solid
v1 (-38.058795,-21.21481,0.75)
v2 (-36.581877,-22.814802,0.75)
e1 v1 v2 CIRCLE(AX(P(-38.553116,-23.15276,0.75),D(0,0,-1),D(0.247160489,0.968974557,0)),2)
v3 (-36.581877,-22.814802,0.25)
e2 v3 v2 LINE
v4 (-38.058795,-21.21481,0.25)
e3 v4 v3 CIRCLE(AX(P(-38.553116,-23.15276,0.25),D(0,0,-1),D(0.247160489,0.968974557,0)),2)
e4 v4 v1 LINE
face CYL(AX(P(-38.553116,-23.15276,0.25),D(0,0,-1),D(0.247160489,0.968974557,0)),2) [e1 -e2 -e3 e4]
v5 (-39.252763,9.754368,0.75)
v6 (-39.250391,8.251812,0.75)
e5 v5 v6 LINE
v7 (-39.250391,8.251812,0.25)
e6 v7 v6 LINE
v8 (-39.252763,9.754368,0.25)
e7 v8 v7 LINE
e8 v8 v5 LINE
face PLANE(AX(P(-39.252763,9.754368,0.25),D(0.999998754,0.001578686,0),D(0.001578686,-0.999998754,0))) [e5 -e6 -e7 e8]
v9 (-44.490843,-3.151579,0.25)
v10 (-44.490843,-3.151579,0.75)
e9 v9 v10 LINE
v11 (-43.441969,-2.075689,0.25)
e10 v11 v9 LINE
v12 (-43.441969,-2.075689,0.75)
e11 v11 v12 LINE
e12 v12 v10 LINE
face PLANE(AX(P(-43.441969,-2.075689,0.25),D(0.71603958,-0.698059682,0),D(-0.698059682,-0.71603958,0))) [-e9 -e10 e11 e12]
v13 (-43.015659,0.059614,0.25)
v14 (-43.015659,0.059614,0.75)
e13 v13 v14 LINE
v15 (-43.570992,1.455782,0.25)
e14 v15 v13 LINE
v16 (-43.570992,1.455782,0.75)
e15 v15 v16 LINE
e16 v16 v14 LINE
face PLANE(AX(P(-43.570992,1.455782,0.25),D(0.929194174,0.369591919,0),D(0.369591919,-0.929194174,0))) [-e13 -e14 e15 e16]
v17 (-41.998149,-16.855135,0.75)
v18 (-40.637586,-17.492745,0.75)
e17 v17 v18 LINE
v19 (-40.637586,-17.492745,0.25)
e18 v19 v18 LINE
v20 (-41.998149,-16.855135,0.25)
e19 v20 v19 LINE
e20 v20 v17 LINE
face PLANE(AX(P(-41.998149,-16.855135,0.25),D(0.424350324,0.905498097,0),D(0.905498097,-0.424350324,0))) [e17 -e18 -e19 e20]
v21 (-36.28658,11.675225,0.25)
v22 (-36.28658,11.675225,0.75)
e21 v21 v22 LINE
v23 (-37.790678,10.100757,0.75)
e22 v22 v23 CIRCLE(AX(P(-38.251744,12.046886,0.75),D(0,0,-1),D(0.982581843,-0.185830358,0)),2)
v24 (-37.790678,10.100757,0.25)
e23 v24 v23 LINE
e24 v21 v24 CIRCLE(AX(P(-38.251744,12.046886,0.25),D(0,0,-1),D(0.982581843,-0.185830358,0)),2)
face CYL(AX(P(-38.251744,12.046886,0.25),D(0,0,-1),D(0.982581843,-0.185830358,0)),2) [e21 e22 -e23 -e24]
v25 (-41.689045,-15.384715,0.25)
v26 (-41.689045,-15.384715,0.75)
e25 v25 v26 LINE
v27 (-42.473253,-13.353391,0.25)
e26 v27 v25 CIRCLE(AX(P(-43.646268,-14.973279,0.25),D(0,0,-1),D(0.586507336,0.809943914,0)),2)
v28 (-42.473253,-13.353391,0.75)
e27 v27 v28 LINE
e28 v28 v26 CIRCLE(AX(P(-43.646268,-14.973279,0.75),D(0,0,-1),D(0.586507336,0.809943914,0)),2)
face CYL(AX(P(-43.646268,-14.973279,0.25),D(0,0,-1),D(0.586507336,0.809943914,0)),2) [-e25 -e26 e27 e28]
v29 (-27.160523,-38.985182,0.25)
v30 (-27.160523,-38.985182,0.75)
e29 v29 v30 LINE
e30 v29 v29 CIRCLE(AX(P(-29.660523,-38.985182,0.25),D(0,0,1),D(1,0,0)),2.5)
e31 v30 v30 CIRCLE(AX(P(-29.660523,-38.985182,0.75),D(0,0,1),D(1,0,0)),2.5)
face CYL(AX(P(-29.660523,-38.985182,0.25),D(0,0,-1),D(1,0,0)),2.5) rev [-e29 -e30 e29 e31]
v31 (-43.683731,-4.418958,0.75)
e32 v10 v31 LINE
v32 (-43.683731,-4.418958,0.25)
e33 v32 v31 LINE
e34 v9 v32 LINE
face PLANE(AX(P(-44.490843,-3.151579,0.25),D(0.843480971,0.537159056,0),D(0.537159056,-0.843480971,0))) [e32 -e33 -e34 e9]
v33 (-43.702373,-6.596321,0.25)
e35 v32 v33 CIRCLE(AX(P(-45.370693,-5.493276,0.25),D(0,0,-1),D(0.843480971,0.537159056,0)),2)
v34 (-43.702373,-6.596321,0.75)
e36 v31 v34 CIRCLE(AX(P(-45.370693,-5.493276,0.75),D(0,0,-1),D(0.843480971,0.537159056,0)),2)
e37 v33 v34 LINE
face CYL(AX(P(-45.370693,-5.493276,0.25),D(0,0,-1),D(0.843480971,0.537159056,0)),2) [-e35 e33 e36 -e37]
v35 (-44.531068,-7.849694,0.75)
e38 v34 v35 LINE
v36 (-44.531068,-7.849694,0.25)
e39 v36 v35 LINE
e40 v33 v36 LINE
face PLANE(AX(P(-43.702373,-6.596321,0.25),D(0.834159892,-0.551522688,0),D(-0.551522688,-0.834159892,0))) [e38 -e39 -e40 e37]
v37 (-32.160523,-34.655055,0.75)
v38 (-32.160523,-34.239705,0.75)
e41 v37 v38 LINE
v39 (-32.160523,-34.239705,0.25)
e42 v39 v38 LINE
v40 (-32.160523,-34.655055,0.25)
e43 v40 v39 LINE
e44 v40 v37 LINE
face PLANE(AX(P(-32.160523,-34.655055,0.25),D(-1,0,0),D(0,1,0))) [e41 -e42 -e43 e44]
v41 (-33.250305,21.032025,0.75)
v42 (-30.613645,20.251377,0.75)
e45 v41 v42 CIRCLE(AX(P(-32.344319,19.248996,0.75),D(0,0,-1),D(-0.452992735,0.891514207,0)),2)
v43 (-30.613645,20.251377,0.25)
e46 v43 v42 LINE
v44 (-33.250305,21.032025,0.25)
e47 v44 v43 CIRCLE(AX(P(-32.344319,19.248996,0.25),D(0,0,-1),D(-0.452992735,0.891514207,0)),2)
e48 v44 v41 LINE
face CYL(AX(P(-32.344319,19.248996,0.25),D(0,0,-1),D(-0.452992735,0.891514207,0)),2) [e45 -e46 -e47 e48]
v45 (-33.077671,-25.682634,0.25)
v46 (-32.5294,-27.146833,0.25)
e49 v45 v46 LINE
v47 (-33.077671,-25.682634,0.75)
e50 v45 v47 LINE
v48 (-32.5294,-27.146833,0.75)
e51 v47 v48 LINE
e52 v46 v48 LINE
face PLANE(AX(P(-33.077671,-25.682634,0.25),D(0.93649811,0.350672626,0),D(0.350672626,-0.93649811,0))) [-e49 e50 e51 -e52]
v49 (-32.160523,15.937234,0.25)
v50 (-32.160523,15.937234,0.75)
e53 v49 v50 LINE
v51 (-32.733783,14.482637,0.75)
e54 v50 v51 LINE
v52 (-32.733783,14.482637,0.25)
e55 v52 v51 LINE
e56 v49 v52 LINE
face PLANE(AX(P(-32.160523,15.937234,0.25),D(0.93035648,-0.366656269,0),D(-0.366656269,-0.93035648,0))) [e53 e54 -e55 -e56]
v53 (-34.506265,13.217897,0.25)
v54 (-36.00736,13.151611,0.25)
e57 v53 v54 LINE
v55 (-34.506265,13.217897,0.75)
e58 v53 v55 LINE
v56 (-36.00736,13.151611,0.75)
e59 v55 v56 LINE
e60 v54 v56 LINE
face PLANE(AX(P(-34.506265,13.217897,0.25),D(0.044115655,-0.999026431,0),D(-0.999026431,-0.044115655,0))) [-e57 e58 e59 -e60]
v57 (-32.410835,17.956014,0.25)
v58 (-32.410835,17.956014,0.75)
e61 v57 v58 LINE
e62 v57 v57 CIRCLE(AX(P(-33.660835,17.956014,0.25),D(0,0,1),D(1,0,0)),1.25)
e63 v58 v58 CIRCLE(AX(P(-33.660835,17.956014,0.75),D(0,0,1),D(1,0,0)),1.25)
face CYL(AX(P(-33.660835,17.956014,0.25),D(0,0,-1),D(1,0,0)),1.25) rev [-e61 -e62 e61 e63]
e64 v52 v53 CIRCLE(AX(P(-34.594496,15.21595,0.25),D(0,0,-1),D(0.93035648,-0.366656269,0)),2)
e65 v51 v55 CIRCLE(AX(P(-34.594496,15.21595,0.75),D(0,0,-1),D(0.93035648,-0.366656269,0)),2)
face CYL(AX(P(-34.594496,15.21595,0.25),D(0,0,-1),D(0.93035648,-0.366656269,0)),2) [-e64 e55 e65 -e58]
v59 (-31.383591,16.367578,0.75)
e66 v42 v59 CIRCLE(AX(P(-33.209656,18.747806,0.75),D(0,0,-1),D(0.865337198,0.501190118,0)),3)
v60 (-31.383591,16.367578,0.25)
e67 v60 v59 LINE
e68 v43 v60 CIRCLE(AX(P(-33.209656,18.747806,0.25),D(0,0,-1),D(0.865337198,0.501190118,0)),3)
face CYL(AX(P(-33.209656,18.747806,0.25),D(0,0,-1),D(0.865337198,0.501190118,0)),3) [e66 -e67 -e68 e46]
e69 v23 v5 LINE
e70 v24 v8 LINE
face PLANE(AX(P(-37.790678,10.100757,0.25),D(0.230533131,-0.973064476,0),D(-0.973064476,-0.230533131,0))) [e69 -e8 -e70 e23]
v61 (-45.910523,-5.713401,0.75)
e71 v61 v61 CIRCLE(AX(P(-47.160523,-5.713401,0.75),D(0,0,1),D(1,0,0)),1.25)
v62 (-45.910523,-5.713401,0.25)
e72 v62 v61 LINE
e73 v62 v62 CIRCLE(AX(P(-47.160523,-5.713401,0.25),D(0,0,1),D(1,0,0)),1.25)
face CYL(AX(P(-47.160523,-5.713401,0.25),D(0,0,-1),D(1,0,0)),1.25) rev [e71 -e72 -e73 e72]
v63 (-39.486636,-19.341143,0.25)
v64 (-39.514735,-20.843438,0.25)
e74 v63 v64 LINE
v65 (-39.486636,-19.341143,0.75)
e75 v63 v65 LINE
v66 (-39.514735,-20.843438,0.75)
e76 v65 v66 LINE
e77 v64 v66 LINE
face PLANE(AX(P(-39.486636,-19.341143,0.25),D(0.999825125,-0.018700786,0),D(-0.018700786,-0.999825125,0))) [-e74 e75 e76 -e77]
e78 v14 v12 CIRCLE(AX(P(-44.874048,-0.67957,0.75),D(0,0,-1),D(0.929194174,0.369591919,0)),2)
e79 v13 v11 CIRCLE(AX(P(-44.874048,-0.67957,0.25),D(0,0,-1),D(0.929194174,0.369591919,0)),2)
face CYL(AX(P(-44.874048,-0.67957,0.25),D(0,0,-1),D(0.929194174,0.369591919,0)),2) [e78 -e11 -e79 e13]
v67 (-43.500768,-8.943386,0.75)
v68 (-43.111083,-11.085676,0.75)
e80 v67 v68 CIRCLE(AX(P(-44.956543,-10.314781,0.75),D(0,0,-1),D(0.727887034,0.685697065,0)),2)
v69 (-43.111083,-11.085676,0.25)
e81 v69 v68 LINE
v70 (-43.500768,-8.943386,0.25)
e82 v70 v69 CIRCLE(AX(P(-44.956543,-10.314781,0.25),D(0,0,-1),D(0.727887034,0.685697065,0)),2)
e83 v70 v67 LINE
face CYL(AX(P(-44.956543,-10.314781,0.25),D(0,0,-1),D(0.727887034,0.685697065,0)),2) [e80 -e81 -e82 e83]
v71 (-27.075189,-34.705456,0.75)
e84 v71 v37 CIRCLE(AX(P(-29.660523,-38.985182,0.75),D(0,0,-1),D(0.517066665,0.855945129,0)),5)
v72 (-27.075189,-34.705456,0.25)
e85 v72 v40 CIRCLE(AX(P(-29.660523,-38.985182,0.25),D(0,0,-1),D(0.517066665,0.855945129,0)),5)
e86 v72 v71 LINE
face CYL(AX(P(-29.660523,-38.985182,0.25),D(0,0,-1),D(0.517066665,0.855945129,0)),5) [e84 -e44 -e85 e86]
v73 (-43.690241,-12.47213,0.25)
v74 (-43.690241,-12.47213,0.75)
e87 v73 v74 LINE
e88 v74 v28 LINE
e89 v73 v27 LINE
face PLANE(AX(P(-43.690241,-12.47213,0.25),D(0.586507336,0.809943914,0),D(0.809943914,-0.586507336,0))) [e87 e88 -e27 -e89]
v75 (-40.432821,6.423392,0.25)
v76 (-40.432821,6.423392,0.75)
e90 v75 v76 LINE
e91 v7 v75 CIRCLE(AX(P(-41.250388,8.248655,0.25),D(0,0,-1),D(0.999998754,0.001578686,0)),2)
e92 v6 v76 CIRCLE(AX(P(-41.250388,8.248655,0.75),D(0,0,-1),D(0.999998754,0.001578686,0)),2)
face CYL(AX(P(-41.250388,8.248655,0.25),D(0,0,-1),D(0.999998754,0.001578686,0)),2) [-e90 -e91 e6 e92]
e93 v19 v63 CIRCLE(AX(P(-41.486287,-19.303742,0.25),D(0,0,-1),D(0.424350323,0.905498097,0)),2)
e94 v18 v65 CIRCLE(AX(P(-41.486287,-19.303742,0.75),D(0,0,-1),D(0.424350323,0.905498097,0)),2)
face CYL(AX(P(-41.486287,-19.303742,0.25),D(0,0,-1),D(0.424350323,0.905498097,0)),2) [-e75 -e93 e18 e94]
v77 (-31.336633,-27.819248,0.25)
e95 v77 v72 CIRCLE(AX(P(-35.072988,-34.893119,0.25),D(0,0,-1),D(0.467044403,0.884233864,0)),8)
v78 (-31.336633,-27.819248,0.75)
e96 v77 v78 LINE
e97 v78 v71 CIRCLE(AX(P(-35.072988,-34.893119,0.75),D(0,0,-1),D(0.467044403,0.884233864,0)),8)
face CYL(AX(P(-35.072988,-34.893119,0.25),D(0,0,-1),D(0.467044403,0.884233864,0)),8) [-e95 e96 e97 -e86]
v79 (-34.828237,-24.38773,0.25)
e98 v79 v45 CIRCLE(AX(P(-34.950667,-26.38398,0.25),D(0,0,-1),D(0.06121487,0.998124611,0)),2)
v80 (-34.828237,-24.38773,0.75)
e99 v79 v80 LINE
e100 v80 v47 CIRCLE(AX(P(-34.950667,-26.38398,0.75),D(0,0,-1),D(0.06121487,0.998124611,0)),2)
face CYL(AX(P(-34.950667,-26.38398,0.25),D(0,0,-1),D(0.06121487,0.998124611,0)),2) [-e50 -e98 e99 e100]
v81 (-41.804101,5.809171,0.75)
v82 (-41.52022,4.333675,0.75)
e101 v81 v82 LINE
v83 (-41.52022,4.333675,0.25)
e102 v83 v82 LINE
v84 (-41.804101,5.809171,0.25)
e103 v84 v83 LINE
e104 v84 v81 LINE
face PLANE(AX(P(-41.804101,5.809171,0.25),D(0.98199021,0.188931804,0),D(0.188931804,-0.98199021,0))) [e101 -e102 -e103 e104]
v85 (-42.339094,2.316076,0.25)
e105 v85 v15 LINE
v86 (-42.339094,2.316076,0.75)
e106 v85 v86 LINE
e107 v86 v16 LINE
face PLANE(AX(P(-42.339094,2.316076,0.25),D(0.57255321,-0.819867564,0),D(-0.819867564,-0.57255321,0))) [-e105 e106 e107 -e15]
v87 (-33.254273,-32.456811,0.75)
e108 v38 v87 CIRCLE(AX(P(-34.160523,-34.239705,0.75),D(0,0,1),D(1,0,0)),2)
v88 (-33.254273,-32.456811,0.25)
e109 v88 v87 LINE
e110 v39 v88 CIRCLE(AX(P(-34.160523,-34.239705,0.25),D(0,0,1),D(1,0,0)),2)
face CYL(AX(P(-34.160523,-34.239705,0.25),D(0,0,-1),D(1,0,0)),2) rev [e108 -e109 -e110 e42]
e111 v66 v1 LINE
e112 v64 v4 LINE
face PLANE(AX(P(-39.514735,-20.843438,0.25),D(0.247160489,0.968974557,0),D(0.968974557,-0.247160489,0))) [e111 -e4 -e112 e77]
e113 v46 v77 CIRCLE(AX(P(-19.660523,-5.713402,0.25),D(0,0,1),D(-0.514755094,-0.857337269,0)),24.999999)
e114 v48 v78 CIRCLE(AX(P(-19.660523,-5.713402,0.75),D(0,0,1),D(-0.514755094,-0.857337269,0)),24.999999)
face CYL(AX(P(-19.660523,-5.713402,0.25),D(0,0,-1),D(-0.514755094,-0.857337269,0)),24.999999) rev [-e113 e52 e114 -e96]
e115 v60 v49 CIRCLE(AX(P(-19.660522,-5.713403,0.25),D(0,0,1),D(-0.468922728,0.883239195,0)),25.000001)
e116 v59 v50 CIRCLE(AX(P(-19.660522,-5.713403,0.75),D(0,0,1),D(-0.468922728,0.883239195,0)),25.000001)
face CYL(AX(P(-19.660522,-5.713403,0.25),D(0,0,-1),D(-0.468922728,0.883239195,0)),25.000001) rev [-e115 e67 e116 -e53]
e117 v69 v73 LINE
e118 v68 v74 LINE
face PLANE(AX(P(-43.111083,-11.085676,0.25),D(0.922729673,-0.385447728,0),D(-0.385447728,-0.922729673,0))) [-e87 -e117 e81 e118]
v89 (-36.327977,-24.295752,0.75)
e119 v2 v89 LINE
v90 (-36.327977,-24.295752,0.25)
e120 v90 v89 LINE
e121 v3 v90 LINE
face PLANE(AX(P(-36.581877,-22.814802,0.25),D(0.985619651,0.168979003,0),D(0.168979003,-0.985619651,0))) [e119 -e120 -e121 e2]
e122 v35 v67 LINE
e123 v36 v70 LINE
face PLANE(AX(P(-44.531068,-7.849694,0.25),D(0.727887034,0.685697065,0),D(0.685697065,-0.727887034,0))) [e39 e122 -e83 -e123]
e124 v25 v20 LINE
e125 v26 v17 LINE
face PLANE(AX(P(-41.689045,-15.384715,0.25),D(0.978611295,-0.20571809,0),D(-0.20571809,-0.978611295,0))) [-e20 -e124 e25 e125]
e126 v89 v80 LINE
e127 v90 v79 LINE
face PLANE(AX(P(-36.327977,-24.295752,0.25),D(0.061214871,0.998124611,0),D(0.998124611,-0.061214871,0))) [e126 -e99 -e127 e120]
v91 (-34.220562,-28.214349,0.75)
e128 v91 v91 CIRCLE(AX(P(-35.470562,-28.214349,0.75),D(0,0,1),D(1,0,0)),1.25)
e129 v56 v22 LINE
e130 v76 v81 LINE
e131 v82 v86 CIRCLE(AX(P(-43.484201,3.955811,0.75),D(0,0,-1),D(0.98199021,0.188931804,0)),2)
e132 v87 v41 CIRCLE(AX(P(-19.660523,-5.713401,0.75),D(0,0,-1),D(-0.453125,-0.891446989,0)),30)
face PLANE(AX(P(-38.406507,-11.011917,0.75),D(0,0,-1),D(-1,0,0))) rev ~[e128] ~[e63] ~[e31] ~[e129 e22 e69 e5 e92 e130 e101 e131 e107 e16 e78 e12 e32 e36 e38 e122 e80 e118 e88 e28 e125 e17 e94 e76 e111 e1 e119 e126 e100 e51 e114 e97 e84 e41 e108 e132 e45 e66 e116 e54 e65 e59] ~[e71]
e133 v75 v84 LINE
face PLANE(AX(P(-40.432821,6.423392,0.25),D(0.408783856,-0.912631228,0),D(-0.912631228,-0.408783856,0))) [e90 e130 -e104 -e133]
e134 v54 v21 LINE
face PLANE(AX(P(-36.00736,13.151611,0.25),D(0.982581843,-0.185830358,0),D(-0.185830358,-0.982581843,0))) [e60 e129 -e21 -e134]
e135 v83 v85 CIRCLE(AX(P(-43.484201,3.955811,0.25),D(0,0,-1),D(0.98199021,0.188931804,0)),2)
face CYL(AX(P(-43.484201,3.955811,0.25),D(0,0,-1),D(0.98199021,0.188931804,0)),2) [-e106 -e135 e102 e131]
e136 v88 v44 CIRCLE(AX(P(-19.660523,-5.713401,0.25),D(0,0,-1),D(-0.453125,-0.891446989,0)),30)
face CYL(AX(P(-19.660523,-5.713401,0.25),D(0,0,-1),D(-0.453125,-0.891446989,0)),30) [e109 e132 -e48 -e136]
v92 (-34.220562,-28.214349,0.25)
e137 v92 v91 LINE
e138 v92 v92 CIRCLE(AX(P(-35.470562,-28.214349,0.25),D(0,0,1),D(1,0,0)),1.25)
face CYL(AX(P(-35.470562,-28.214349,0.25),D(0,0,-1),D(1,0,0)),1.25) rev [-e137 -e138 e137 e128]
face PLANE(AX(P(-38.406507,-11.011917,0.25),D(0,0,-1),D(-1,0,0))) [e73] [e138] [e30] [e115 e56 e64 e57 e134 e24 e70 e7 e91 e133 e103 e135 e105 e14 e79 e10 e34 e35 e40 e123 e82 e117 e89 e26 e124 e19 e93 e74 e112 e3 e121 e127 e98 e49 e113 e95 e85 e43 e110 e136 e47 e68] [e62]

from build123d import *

# Parameters (mm, degrees)
IZIM1_R                     = 5
IZIM1_R_2                   = 2.5
Y_KSEKLIK_EKSTR_ZYON2_DEPTH = 1
SCALE1_SCALE                = 0.5


with BuildPart() as part:
    # Çizim1 → Yükseklik-Ekstrüzyon2 (new body)
    with BuildSketch(Plane.XY):
        with BuildLine():
            Line((-25, 43.301270189), (-26.146521576, 40.39207739))
            ThreePointArc((-26.146521576, 40.39207739), (-27.544598222, 38.602623821), (-29.691484877, 37.862596744))
            Line((-29.691484877, 37.862596744), (-32.693673826, 37.730024144))
            Line((-32.693673826, 37.730024144), (-33.252115355, 34.777253066))
            ThreePointArc((-33.252115355, 34.777253066), (-34.290118058, 32.757522199), (-36.260310201, 31.628316593))
            Line((-36.260310201, 31.628316593), (-39.184480502, 30.935538106))
            Line((-39.184480502, 30.935538106), (-39.17973637, 27.930427214))
            ThreePointArc((-39.17973637, 27.930427214), (-39.820893366, 25.751969023), (-41.54459596, 24.273587558))
            Line((-41.54459596, 24.273587558), (-44.287157421, 23.045145208))
            Line((-44.287157421, 23.045145208), (-43.719395692, 20.094152054))
            ThreePointArc((-43.719395692, 20.094152054), (-43.940993675, 17.834139505), (-45.357143694, 16.058954583))
            Line((-45.357143694, 16.058954583), (-47.82093971, 14.338366552))
            Line((-47.82093971, 14.338366552), (-46.710273625, 11.546031539))
            ThreePointArc((-46.710273625, 11.546031539), (-46.504462376, 9.284526705), (-47.562892001, 7.275425136))
            Line((-47.562892001, 7.275425136), (-49.660641368, 5.123644113))
            Line((-49.660641368, 5.123644113), (-48.046416828, 2.588887101))
            ThreePointArc((-48.046416828, 2.588887101), (-47.420487313, 0.406004917), (-48.083701146, -1.765839874))
            Line((-48.083701146, -1.765839874), (-49.741090048, -4.272585973))
            Line((-49.741090048, -4.272585973), (-47.680491761, -6.459969953))
            ThreePointArc((-47.680491761, -6.459969953), (-46.656617846, -8.486899797), (-46.901121207, -10.744549126))
            Line((-46.901121207, -10.744549126), (-48.059435816, -13.517457571))
            Line((-48.059435816, -13.517457571), (-45.625461503, -15.279979352))
            ThreePointArc((-45.625461503, -15.279979352), (-44.239914432, -17.079151855), (-44.057045667, -19.342627369))
            Line((-44.057045667, -19.342627369), (-44.675252109, -22.283466496))
            Line((-44.675252109, -22.283466496), (-41.954126526, -23.558687864))
            ThreePointArc((-41.954126526, -23.558687864), (-40.255989993, -25.066366444), (-39.652227319, -27.255483394))
            Line((-39.652227319, -27.255483394), (-39.708425324, -30.260072511))
            Line((-39.708425324, -30.260072511), (-36.7965457, -31.002818113))
            ThreePointArc((-36.7965457, -31.002818113), (-34.84597704, -32.165592505), (-33.842709051, -34.202800331))
            Line((-33.842709051, -34.202800331), (-33.334907776, -37.164700371))
            Line((-33.334907776, -37.164700371), (-30.335428898, -37.348658075))
            ThreePointArc((-30.335428898, -37.348658075), (-28.201527977, -38.125336415), (-26.834295942, -39.938466016))
            Line((-26.834295942, -39.938466016), (-25.73775467, -42.866863479))
            ThreePointArc((-25.73775467, -42.866863479), (-24.554196145, -43.55561332), (-23.352220135, -44.21169319))
            ThreePointArc((-23.352220135, -44.21169319), (-17.219408632, -49.939828574), (-14.829333353, -57.984109281))
            ThreePointArc((-14.829333353, -57.984109281), (-20.099106379, -76.543069457), (-25, -57.883306535))
            Line((-25, -57.883306535), (-25, -57.052607302))
            ThreePointArc((-25, -57.052607302), (-25.590454576, -54.960957236), (-27.1875, -53.486819346))
            ThreePointArc((-27.1875, -53.486819346), (-59.999999835, 0.004450967), (-27.179564099, 53.490852446))
            ThreePointArc((-27.179564099, 53.490852446), (-24.232021318, 53.76021953), (-21.906244367, 51.929556087))
            ThreePointArc((-21.906244367, 51.929556087), (-21.212806241, 47.755648425), (-23.446136356, 44.161959762))
            ThreePointArc((-23.446136356, 44.161959762), (-24.226890609, 43.73851588), (-25, 43.301270189))
        make_face()
        with Locations((-20, -66.543560573)):
            Circle(IZIM1_R, mode=Mode.SUBTRACT)
        with Locations((-31.620079453, -45.001895242)):
            Circle(IZIM1_R_2, mode=Mode.SUBTRACT)
        with Locations((-55, 0)):
            Circle(IZIM1_R_2, mode=Mode.SUBTRACT)
        with Locations((-28.000624989, 47.338831842)):
            Circle(IZIM1_R_2, mode=Mode.SUBTRACT)
    extrude(amount=Y_KSEKLIK_EKSTR_ZYON2_DEPTH)


with BuildPart() as part_1:
    # Scale1: scaled about (-39.321045235, -11.426802876, 0.5)
    add(part.part.scale(SCALE1_SCALE).moved(Location((-19.660522617, -5.713401438, 0.25))))


solid = part_1.part
